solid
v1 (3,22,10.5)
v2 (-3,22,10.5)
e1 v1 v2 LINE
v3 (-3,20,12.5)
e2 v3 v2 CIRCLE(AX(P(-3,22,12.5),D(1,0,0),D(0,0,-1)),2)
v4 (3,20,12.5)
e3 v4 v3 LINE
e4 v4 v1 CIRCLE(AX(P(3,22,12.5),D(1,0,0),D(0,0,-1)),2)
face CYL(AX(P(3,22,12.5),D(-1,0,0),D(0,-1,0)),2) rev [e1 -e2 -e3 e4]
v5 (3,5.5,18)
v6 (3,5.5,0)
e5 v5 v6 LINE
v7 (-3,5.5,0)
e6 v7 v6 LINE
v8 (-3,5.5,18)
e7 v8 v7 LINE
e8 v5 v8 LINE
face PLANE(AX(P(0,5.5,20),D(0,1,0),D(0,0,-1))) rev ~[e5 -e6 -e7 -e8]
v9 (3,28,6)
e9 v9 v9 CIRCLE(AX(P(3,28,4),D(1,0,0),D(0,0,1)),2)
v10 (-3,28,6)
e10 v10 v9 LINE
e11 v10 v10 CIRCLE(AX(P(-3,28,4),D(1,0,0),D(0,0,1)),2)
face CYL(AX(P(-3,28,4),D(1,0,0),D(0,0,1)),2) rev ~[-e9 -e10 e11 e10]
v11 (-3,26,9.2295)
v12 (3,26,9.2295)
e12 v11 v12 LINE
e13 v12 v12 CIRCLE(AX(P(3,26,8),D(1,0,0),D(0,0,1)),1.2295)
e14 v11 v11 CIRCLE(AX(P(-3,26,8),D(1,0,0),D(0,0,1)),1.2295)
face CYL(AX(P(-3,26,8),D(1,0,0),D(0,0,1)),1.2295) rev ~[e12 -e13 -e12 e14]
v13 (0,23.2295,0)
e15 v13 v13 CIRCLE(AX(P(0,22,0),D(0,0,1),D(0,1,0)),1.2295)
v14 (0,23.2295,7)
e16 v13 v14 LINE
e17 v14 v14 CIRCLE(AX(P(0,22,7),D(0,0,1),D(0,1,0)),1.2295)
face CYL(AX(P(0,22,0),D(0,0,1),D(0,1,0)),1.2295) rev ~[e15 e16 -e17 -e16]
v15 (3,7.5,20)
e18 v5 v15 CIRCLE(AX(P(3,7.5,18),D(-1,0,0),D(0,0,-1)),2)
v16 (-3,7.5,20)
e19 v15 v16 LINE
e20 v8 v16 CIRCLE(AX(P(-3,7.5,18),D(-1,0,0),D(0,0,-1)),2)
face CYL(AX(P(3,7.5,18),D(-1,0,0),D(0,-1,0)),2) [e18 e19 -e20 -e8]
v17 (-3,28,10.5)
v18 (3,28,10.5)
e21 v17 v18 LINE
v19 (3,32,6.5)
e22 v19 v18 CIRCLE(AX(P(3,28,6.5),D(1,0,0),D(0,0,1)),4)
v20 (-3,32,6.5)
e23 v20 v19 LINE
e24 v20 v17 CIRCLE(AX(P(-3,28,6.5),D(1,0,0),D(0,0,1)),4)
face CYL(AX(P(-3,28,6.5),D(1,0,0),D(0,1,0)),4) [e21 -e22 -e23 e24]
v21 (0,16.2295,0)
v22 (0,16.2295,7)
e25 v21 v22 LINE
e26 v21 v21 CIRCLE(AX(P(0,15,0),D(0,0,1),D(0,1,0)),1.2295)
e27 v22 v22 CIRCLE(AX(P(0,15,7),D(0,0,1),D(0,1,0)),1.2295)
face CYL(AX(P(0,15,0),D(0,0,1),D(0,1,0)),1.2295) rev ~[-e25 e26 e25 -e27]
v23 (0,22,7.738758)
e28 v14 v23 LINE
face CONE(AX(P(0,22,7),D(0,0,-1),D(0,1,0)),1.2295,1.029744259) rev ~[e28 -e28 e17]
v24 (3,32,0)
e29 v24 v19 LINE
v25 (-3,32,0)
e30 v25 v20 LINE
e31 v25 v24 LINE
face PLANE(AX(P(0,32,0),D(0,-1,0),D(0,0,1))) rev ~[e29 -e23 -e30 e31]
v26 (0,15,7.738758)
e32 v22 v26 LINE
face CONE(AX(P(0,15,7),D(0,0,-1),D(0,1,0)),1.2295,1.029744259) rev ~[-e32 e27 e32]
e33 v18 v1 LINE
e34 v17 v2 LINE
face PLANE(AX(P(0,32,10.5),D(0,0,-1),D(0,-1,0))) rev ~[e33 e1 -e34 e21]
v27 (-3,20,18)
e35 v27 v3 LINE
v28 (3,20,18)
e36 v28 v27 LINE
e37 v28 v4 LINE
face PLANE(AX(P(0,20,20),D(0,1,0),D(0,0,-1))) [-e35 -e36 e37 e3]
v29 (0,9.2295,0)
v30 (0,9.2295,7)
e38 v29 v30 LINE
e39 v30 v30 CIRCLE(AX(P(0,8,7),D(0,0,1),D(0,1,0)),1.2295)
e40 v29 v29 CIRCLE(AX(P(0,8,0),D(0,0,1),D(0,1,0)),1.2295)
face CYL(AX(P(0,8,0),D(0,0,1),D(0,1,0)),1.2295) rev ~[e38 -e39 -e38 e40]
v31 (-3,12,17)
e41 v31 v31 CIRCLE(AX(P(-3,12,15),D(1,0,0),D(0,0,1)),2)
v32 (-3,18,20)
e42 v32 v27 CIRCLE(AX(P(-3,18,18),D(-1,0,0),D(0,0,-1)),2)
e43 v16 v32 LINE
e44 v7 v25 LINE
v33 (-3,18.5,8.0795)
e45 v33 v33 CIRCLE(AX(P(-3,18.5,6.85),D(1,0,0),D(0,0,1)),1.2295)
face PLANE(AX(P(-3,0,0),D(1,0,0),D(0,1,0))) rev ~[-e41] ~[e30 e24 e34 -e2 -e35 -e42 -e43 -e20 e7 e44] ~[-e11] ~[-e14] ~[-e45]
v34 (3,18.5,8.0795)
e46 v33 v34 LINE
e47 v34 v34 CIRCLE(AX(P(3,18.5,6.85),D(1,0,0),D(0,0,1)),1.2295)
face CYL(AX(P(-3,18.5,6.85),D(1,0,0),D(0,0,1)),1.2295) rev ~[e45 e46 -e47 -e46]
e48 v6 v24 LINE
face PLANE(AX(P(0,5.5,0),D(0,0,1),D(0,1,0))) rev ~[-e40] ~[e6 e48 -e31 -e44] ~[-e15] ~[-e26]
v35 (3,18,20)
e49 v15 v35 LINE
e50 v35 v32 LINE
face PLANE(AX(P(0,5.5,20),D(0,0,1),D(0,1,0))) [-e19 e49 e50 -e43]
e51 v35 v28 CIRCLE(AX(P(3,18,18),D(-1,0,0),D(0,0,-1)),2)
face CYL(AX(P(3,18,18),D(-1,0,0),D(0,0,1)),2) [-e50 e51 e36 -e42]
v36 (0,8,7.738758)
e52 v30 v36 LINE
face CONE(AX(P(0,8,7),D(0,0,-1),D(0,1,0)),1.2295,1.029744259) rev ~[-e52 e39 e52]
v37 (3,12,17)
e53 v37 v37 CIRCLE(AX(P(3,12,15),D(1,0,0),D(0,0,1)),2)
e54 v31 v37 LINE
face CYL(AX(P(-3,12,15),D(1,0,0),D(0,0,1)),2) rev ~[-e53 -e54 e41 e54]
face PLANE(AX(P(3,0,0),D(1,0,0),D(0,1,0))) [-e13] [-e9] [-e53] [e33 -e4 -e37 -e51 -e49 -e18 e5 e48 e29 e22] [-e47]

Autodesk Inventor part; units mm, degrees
ref_plane "YZ Plane" through (0, 0, 0) normal (1, 0, 0) x (0, 1, 0)
ref_plane "XZ Plane" through (0, 0, 0) normal (0, 1, 0) x (-1, 0, 0)
ref_plane "XY Plane" through (0, 0, 0) normal (0, 0, 1) x (1, 0, 0)
sketch "Skizze1" plane through (0, 0, 0) normal (1, 0, 0) x (0, 1, 0)
  line L0 (5.5, 0) -> (32, 0)
  line L1 (32, 0) -> (32, 10.5)
  line L2 (5.5, 20) -> (5.5, 0)
  line L3 (5.5, 20) -> (20, 20)
  line L4 (20, 20) -> (20, 10.5)
  line L5 (32, 10.5) -> (20, 10.5)
  circle A0 centre (12, 15) radius 0.5
  circle A1 centre (28, 4) radius 0.5
  circle A2 centre (26, 8) radius 0.5
  line L6 (0, 24) -> (0, -4) projected
  line L7 (-6.4, 0) -> (38.4, 0) projected
  dimension "d1" = 10.5
  dimension "d3" = 20
  dimension "d21" = 1
  dimension "d28" = 1
  dimension "d31" = 4
  dimension "d41" = 1
  dimension "d43" = 8
  dimension "d54" = 5.5
  dimension "d55" = 26
  dimension "d56" = 28
  dimension "d61" = 15
  dimension "d62" = 12
  dimension "d127" = 32
  dimension "d128" = 14.5
extrude "Extrusion1" add sketch "Skizze1" along normal mid plane 6
sketch "Skizze9" plane through (-3, 0, 0) normal (-1, 0, 0) x (0, 0, 1)
  circle A0 centre (8, 26) radius 0.5 projected
  point P0 (0, 0)
hole "Feder" at (-3, 26, 8) direction (1, 0, 0) diameter 2.459 end through all thread size "M3x0.5" class "6H" standard "ISO Metric profile"
sketch "Skizze3" plane through (-3, 0, 0) normal (-1, 0, 0) x (0, 0, 1)
  circle A0 centre (4, 28) radius 0.5 projected
hole "Dribbler" at (-3, 28, 4) direction (1, 0, 0) diameter 4 end through all
sketch "Skizze4" plane through (-3, 0, 0) normal (-1, 0, 0) x (0, 0, 1)
  circle A0 centre (15, 12) radius 0.5 projected
  circle A1 centre (15, 12) radius 0.5 projected
  point P0 (0, 0)
hole "Chipper" at (-3, 12, 15) direction (1, 0, 0) diameter 4 end through all
sketch "Skizze5" plane through (3, 32, 0) normal (0, 0, -1) x (-1, 0, 0)
  line L0 (0, 0) -> (6, 0) projected
  line L1 (0, -26.5) -> (0, 0) projected
  line L2 (6, -26.5) -> (0, -26.5) projected
  line L3 (6, 0) -> (6, -26.5) projected
  line L4 (3, -26.5) -> (3, 0) construction
  point P0 (3, -10)
  point P1 (3, -24)
  point P2 (3, -17)
  point P3 (3, -13.25)
  dimension "d58" = 7
  dimension "d89" = 7
  dimension "d97" = 2.5
hole "Montage" at (0, 22, 0) at (0, 8, 0) at (0, 15, 0) direction (0, 0, 1) diameter 2.459 depth 7 tip angle 118 thread size "M3x0.5" class "6H" standard "ISO Metric profile"
fillet "Rundung2" radius 2 3 edges at (0, 5.5, 20) (0, 20, 20) (0, 20, 10.5)
fillet "Rundung3" radius 4 1 edges at (0, 32, 10.5)
sketch "Skizze6" plane through (-3, 0, 0) normal (-1, 0, 0) x (0, 0, 1)
  line L0 (0, 13.7705) -> (0, 16.2295) projected
  line L1 (7, 16.2295) -> (7, 13.7705) projected
  line L2 (0, 20.7705) -> (0, 23.2295) projected
  line L3 (7, 23.2295) -> (7, 20.7705) projected
  circle A0 centre (15, 12) radius 2 projected
  line L4 (7, 13.7705) -> (7, 23.2295) construction
  line L5 (7, 13.7705) -> (0, 13.7705) construction
  line L6 (0, 23.2295) -> (0, 13.7705) construction
  line L7 (0, 5.5) -> (0, 32) construction
  line L8 (7, 18.5) -> (0, 18.5) construction
  line L9 (15, 12) -> (15, 7) construction
  line L10 (0, 6.7705) -> (0, 9.2295) projected
  line L11 (7, 9.2295) -> (7, 6.7705) projected
  line L12 (7, 6.7705) -> (7, 16.2295) construction
  line L13 (7, 6.7705) -> (0, 6.7705) construction
  line L14 (0, 6.7705) -> (0, 16.2295) construction
  line L15 (7, 11.5) -> (0, 11.5) construction
  point P0 (0, 0)
  point P1 (3.5, 11.5)
  point P2 (3.5, 18.5)
  point P3 (7.7388, 8)
  point P4 (3.5, 11.5)
  dimension "d71" = 5
hole "Bohrung4" [suppressed]
sketch "Skizze8" plane through (-3, 0, 0) normal (-1, 0, 0) x (0, 0, 1)
  line L0 (21, 16) -> (21, 9) construction
  line L1 (-4.2, 0) -> (25.2, 0) projected
  line L2 (0, 38.4) -> (0, -6.4) projected
  point P0 (0, 0)
  dimension "d72" = 7
  dimension "d73" = 9
  dimension "d74" = 21
hole "Bohrung5" [suppressed]
sketch "Skizze10" plane through (-3, 0, 0) normal (-1, 0, 0) x (0, 0, 1)
  line L0 (0, 13.7705) -> (0, 16.2295) projected
  line L1 (7, 16.2295) -> (7, 13.7705) projected
  line L2 (0, 6.7705) -> (0, 9.2295) projected
  line L3 (7, 9.2295) -> (7, 6.7705) projected
  line L4 (-4, 0) -> (24, 0) projected
  line L5 (0, 38.4) -> (0, -6.4) projected
  point P0 (0, 0)
  point P1 (6.85, 18.5)
  dimension "d98" = 18.5
  dimension "d99" = 6.85
hole "Alternativer Anschlag" at (-3, 18.5, 6.85) direction (1, 0, 0) diameter 2.459 end through all thread size "M3x0.5" class "6H" standard "ISO Metric profile"
properties part number "Dribbler Lagerbock" material "Aluminium 6061"
